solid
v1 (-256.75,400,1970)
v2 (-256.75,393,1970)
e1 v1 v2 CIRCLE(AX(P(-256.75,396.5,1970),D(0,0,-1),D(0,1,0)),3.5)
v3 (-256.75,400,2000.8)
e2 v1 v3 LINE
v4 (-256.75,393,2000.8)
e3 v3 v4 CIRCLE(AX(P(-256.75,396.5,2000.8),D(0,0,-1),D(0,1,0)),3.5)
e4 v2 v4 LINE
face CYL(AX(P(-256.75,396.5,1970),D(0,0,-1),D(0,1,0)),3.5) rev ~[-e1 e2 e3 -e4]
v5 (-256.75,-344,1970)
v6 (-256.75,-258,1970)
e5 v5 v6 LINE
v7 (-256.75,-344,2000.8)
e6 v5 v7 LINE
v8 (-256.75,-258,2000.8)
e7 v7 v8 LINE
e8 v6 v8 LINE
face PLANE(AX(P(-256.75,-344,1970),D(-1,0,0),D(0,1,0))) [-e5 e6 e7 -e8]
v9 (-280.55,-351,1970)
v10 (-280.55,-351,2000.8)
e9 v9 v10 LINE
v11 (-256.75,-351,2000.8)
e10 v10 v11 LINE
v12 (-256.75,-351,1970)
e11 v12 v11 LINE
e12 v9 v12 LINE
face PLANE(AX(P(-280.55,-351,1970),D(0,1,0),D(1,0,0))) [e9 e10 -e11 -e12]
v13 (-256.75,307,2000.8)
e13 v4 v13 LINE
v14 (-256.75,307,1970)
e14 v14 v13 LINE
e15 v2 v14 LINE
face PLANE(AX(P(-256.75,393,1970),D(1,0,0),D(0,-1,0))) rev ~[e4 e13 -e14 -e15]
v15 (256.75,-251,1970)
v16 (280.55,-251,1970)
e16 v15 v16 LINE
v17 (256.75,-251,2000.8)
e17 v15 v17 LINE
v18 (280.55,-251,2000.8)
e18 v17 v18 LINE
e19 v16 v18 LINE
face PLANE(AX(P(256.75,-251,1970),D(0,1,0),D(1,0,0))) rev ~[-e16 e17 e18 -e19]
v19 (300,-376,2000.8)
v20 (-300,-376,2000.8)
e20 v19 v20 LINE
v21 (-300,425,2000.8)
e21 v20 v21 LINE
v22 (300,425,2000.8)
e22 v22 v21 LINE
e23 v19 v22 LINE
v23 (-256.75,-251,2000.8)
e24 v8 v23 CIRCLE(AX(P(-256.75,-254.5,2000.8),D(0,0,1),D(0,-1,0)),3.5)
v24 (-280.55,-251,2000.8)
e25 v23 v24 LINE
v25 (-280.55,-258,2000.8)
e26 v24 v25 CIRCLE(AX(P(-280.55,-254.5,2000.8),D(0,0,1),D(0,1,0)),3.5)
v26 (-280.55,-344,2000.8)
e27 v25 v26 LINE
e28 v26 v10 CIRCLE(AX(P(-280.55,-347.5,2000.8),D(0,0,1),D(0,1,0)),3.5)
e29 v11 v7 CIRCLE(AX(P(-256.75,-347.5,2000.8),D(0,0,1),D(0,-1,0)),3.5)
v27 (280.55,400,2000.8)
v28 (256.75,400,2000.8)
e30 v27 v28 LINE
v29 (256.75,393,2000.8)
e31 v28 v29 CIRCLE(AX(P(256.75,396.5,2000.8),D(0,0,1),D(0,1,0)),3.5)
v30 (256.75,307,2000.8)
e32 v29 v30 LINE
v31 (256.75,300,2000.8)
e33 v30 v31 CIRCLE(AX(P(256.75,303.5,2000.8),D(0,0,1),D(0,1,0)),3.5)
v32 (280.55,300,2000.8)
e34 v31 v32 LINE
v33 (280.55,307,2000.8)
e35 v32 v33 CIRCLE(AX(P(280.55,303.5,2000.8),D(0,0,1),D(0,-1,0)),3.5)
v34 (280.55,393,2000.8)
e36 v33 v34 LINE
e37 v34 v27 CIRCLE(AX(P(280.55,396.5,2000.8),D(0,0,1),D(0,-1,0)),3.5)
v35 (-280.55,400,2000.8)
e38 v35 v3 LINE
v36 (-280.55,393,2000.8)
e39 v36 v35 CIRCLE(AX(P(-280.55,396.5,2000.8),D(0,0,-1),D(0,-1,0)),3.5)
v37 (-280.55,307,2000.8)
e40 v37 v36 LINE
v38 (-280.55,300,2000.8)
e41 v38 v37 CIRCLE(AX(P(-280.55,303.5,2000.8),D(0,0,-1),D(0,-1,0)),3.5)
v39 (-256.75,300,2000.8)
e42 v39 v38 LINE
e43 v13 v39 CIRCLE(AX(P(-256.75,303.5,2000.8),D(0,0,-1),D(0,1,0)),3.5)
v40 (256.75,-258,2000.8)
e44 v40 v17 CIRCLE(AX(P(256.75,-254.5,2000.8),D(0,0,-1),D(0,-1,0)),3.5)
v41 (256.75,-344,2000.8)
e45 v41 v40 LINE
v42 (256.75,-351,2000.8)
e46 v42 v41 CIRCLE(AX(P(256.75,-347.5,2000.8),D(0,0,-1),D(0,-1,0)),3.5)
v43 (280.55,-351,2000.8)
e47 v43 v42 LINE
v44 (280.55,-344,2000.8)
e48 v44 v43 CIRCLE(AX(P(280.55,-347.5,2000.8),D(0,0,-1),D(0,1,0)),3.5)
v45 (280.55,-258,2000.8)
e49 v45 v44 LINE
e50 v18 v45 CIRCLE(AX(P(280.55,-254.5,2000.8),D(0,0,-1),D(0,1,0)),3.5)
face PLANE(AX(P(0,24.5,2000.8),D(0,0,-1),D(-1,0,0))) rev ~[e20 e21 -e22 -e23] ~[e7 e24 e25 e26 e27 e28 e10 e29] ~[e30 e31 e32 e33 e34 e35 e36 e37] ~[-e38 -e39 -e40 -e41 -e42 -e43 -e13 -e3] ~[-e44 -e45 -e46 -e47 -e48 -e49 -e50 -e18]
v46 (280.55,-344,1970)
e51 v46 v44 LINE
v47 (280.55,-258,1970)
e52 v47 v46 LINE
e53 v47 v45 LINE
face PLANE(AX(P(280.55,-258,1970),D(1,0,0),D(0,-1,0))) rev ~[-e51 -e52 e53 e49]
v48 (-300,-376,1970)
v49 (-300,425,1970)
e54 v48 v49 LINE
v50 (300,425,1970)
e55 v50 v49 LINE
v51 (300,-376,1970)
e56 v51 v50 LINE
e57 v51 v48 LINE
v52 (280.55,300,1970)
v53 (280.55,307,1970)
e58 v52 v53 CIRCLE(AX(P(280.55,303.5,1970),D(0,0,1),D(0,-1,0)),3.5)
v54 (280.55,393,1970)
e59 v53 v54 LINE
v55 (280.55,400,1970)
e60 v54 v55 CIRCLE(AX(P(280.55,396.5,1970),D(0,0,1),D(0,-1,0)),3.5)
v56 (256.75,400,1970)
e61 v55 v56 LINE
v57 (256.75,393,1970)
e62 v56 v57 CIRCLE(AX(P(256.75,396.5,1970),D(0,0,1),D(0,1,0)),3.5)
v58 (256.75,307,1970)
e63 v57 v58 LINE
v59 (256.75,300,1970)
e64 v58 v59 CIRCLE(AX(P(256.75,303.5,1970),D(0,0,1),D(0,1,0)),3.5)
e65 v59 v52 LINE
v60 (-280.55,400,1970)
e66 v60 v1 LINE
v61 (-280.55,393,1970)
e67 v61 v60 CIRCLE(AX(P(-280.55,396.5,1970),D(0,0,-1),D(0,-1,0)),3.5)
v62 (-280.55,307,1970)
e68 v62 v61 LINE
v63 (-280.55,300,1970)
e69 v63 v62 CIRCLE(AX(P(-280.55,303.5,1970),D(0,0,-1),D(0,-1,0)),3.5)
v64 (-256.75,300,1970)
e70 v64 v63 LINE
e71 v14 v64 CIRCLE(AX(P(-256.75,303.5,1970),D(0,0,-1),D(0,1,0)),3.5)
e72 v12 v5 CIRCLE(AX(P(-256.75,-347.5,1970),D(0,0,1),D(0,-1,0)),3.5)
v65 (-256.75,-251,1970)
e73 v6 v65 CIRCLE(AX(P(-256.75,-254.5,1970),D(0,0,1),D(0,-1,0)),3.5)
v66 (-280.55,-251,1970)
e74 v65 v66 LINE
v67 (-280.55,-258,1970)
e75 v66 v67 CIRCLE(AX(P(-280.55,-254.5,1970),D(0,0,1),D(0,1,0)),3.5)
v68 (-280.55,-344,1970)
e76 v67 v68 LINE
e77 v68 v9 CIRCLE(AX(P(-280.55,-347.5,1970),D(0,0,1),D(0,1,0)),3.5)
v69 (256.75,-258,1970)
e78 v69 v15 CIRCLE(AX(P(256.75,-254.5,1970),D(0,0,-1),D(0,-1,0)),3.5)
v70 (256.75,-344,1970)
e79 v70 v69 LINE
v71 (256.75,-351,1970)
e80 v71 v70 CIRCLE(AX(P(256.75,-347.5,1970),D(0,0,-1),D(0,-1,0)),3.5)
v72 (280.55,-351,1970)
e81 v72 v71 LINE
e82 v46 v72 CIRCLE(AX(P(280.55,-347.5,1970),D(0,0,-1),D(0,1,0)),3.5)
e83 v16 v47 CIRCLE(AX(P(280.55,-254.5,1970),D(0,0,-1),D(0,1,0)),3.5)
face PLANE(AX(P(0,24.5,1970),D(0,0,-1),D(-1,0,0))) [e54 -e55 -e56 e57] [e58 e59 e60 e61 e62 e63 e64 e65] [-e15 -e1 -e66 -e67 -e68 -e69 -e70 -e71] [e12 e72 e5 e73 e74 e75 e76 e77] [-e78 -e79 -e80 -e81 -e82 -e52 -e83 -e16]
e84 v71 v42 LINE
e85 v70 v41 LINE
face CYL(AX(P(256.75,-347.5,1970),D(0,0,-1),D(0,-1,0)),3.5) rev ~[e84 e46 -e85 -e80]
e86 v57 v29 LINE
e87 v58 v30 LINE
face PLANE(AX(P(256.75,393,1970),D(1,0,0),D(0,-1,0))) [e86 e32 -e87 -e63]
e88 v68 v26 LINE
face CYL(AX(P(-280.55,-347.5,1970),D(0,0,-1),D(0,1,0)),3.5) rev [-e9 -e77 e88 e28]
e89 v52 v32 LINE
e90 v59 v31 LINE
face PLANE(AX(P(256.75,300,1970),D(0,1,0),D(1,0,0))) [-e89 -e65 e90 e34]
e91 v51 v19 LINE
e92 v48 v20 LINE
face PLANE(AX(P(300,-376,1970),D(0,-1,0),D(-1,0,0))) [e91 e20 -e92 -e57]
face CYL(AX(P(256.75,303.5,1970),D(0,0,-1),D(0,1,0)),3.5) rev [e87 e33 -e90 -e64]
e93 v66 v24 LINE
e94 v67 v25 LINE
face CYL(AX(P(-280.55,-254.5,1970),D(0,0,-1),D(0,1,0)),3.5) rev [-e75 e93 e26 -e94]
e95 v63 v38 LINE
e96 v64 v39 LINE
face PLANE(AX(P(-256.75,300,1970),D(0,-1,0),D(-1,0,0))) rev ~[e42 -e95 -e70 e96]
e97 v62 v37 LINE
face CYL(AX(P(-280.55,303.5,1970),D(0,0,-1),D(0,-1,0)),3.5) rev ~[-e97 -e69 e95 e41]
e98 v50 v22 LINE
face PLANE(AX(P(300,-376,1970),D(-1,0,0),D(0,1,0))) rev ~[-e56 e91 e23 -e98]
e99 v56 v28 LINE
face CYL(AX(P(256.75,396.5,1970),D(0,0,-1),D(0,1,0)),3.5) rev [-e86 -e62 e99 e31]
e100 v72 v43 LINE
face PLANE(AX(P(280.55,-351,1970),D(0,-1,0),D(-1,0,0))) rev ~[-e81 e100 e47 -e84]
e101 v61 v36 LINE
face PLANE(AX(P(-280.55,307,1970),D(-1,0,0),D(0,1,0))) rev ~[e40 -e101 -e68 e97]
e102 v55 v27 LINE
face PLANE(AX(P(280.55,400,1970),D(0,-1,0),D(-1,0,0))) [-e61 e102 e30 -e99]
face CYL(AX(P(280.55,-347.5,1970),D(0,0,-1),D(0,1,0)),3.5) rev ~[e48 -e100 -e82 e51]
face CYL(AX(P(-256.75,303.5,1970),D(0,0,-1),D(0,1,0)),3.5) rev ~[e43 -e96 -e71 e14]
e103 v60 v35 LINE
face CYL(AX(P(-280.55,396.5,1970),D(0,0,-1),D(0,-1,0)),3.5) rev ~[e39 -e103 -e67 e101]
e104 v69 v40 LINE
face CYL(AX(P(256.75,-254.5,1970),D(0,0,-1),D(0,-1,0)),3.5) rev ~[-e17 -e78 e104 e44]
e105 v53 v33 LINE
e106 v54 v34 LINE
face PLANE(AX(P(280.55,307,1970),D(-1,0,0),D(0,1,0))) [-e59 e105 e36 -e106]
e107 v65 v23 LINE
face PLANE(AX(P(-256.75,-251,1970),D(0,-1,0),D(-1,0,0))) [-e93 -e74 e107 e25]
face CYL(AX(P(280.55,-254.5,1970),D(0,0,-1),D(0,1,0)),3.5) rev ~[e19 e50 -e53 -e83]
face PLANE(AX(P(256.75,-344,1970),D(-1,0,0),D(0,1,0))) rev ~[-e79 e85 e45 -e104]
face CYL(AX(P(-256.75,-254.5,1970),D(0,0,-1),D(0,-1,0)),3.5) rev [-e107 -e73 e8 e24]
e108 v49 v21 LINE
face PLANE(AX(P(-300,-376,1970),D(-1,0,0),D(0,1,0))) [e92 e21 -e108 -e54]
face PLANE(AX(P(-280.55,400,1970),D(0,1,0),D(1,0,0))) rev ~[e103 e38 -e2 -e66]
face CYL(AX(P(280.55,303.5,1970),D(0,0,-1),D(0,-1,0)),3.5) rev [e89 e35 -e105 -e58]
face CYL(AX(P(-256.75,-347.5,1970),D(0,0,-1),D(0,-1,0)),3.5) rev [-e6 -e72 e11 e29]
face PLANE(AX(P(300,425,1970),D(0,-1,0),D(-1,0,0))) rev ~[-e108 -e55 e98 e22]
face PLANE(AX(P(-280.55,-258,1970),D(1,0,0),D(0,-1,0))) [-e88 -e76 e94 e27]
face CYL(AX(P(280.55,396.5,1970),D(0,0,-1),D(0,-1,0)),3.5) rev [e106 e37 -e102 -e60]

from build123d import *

# Parameters (mm, degrees)
SKETCH1_W           = 600
SKETCH1_H           = 801
BOSS_EXTRUDE1_DEPTH = 30.8


with BuildPart() as part:
    # Sketch1 → Boss-Extrude1 (new body)
    with BuildSketch(Plane(origin=(0, 0, 1970), x_dir=(-1, 0, 0), z_dir=(0, 0, -1))):
        with Locations((0, 24.5)):
            Rectangle(SKETCH1_W, SKETCH1_H)
        with BuildLine():
            Line((256.75, 393), (256.75, 307))
            ThreePointArc((256.75, 307), (253.25, 303.5), (256.75, 300))
            Line((256.75, 300), (280.55, 300))
            ThreePointArc((280.55, 300), (284.05, 303.5), (280.55, 307))
            Line((280.55, 307), (280.55, 393))
            ThreePointArc((280.55, 393), (284.05, 396.5), (280.55, 400))
            Line((280.55, 400), (256.75, 400))
            ThreePointArc((256.75, 400), (253.25, 396.5), (256.75, 393))
        make_face(mode=Mode.SUBTRACT)
        with BuildLine():
            Line((-256.75, 300), (-280.55, 300))
            ThreePointArc((-280.55, 300), (-284.05, 303.5), (-280.55, 307))
            Line((-280.55, 307), (-280.55, 393))
            ThreePointArc((-280.55, 393), (-284.05, 396.5), (-280.55, 400))
            Line((-280.55, 400), (-256.75, 400))
            ThreePointArc((-256.75, 400), (-253.25, 396.5), (-256.75, 393))
            Line((-256.75, 393), (-256.75, 307))
            ThreePointArc((-256.75, 307), (-253.25, 303.5), (-256.75, 300))
        make_face(mode=Mode.SUBTRACT)
        with BuildLine():
            Line((-256.75, -344), (-256.75, -258))
            ThreePointArc((-256.75, -258), (-253.25, -254.5), (-256.75, -251))
            Line((-256.75, -251), (-280.55, -251))
            ThreePointArc((-280.55, -251), (-284.05, -254.5), (-280.55, -258))
            Line((-280.55, -258), (-280.55, -344))
            ThreePointArc((-280.55, -344), (-284.05, -347.5), (-280.55, -351))
            Line((-280.55, -351), (-256.75, -351))
            ThreePointArc((-256.75, -351), (-253.25, -347.5), (-256.75, -344))
        make_face(mode=Mode.SUBTRACT)
        with BuildLine():
            Line((256.75, -251), (280.55, -251))
            ThreePointArc((280.55, -251), (284.05, -254.5), (280.55, -258))
            Line((280.55, -258), (280.55, -344))
            ThreePointArc((280.55, -344), (284.05, -347.5), (280.55, -351))
            Line((280.55, -351), (256.75, -351))
            ThreePointArc((256.75, -351), (253.25, -347.5), (256.75, -344))
            Line((256.75, -344), (256.75, -258))
            ThreePointArc((256.75, -258), (253.25, -254.5), (256.75, -251))
        make_face(mode=Mode.SUBTRACT)
    extrude(amount=-BOSS_EXTRUDE1_DEPTH)


solid = part.part
